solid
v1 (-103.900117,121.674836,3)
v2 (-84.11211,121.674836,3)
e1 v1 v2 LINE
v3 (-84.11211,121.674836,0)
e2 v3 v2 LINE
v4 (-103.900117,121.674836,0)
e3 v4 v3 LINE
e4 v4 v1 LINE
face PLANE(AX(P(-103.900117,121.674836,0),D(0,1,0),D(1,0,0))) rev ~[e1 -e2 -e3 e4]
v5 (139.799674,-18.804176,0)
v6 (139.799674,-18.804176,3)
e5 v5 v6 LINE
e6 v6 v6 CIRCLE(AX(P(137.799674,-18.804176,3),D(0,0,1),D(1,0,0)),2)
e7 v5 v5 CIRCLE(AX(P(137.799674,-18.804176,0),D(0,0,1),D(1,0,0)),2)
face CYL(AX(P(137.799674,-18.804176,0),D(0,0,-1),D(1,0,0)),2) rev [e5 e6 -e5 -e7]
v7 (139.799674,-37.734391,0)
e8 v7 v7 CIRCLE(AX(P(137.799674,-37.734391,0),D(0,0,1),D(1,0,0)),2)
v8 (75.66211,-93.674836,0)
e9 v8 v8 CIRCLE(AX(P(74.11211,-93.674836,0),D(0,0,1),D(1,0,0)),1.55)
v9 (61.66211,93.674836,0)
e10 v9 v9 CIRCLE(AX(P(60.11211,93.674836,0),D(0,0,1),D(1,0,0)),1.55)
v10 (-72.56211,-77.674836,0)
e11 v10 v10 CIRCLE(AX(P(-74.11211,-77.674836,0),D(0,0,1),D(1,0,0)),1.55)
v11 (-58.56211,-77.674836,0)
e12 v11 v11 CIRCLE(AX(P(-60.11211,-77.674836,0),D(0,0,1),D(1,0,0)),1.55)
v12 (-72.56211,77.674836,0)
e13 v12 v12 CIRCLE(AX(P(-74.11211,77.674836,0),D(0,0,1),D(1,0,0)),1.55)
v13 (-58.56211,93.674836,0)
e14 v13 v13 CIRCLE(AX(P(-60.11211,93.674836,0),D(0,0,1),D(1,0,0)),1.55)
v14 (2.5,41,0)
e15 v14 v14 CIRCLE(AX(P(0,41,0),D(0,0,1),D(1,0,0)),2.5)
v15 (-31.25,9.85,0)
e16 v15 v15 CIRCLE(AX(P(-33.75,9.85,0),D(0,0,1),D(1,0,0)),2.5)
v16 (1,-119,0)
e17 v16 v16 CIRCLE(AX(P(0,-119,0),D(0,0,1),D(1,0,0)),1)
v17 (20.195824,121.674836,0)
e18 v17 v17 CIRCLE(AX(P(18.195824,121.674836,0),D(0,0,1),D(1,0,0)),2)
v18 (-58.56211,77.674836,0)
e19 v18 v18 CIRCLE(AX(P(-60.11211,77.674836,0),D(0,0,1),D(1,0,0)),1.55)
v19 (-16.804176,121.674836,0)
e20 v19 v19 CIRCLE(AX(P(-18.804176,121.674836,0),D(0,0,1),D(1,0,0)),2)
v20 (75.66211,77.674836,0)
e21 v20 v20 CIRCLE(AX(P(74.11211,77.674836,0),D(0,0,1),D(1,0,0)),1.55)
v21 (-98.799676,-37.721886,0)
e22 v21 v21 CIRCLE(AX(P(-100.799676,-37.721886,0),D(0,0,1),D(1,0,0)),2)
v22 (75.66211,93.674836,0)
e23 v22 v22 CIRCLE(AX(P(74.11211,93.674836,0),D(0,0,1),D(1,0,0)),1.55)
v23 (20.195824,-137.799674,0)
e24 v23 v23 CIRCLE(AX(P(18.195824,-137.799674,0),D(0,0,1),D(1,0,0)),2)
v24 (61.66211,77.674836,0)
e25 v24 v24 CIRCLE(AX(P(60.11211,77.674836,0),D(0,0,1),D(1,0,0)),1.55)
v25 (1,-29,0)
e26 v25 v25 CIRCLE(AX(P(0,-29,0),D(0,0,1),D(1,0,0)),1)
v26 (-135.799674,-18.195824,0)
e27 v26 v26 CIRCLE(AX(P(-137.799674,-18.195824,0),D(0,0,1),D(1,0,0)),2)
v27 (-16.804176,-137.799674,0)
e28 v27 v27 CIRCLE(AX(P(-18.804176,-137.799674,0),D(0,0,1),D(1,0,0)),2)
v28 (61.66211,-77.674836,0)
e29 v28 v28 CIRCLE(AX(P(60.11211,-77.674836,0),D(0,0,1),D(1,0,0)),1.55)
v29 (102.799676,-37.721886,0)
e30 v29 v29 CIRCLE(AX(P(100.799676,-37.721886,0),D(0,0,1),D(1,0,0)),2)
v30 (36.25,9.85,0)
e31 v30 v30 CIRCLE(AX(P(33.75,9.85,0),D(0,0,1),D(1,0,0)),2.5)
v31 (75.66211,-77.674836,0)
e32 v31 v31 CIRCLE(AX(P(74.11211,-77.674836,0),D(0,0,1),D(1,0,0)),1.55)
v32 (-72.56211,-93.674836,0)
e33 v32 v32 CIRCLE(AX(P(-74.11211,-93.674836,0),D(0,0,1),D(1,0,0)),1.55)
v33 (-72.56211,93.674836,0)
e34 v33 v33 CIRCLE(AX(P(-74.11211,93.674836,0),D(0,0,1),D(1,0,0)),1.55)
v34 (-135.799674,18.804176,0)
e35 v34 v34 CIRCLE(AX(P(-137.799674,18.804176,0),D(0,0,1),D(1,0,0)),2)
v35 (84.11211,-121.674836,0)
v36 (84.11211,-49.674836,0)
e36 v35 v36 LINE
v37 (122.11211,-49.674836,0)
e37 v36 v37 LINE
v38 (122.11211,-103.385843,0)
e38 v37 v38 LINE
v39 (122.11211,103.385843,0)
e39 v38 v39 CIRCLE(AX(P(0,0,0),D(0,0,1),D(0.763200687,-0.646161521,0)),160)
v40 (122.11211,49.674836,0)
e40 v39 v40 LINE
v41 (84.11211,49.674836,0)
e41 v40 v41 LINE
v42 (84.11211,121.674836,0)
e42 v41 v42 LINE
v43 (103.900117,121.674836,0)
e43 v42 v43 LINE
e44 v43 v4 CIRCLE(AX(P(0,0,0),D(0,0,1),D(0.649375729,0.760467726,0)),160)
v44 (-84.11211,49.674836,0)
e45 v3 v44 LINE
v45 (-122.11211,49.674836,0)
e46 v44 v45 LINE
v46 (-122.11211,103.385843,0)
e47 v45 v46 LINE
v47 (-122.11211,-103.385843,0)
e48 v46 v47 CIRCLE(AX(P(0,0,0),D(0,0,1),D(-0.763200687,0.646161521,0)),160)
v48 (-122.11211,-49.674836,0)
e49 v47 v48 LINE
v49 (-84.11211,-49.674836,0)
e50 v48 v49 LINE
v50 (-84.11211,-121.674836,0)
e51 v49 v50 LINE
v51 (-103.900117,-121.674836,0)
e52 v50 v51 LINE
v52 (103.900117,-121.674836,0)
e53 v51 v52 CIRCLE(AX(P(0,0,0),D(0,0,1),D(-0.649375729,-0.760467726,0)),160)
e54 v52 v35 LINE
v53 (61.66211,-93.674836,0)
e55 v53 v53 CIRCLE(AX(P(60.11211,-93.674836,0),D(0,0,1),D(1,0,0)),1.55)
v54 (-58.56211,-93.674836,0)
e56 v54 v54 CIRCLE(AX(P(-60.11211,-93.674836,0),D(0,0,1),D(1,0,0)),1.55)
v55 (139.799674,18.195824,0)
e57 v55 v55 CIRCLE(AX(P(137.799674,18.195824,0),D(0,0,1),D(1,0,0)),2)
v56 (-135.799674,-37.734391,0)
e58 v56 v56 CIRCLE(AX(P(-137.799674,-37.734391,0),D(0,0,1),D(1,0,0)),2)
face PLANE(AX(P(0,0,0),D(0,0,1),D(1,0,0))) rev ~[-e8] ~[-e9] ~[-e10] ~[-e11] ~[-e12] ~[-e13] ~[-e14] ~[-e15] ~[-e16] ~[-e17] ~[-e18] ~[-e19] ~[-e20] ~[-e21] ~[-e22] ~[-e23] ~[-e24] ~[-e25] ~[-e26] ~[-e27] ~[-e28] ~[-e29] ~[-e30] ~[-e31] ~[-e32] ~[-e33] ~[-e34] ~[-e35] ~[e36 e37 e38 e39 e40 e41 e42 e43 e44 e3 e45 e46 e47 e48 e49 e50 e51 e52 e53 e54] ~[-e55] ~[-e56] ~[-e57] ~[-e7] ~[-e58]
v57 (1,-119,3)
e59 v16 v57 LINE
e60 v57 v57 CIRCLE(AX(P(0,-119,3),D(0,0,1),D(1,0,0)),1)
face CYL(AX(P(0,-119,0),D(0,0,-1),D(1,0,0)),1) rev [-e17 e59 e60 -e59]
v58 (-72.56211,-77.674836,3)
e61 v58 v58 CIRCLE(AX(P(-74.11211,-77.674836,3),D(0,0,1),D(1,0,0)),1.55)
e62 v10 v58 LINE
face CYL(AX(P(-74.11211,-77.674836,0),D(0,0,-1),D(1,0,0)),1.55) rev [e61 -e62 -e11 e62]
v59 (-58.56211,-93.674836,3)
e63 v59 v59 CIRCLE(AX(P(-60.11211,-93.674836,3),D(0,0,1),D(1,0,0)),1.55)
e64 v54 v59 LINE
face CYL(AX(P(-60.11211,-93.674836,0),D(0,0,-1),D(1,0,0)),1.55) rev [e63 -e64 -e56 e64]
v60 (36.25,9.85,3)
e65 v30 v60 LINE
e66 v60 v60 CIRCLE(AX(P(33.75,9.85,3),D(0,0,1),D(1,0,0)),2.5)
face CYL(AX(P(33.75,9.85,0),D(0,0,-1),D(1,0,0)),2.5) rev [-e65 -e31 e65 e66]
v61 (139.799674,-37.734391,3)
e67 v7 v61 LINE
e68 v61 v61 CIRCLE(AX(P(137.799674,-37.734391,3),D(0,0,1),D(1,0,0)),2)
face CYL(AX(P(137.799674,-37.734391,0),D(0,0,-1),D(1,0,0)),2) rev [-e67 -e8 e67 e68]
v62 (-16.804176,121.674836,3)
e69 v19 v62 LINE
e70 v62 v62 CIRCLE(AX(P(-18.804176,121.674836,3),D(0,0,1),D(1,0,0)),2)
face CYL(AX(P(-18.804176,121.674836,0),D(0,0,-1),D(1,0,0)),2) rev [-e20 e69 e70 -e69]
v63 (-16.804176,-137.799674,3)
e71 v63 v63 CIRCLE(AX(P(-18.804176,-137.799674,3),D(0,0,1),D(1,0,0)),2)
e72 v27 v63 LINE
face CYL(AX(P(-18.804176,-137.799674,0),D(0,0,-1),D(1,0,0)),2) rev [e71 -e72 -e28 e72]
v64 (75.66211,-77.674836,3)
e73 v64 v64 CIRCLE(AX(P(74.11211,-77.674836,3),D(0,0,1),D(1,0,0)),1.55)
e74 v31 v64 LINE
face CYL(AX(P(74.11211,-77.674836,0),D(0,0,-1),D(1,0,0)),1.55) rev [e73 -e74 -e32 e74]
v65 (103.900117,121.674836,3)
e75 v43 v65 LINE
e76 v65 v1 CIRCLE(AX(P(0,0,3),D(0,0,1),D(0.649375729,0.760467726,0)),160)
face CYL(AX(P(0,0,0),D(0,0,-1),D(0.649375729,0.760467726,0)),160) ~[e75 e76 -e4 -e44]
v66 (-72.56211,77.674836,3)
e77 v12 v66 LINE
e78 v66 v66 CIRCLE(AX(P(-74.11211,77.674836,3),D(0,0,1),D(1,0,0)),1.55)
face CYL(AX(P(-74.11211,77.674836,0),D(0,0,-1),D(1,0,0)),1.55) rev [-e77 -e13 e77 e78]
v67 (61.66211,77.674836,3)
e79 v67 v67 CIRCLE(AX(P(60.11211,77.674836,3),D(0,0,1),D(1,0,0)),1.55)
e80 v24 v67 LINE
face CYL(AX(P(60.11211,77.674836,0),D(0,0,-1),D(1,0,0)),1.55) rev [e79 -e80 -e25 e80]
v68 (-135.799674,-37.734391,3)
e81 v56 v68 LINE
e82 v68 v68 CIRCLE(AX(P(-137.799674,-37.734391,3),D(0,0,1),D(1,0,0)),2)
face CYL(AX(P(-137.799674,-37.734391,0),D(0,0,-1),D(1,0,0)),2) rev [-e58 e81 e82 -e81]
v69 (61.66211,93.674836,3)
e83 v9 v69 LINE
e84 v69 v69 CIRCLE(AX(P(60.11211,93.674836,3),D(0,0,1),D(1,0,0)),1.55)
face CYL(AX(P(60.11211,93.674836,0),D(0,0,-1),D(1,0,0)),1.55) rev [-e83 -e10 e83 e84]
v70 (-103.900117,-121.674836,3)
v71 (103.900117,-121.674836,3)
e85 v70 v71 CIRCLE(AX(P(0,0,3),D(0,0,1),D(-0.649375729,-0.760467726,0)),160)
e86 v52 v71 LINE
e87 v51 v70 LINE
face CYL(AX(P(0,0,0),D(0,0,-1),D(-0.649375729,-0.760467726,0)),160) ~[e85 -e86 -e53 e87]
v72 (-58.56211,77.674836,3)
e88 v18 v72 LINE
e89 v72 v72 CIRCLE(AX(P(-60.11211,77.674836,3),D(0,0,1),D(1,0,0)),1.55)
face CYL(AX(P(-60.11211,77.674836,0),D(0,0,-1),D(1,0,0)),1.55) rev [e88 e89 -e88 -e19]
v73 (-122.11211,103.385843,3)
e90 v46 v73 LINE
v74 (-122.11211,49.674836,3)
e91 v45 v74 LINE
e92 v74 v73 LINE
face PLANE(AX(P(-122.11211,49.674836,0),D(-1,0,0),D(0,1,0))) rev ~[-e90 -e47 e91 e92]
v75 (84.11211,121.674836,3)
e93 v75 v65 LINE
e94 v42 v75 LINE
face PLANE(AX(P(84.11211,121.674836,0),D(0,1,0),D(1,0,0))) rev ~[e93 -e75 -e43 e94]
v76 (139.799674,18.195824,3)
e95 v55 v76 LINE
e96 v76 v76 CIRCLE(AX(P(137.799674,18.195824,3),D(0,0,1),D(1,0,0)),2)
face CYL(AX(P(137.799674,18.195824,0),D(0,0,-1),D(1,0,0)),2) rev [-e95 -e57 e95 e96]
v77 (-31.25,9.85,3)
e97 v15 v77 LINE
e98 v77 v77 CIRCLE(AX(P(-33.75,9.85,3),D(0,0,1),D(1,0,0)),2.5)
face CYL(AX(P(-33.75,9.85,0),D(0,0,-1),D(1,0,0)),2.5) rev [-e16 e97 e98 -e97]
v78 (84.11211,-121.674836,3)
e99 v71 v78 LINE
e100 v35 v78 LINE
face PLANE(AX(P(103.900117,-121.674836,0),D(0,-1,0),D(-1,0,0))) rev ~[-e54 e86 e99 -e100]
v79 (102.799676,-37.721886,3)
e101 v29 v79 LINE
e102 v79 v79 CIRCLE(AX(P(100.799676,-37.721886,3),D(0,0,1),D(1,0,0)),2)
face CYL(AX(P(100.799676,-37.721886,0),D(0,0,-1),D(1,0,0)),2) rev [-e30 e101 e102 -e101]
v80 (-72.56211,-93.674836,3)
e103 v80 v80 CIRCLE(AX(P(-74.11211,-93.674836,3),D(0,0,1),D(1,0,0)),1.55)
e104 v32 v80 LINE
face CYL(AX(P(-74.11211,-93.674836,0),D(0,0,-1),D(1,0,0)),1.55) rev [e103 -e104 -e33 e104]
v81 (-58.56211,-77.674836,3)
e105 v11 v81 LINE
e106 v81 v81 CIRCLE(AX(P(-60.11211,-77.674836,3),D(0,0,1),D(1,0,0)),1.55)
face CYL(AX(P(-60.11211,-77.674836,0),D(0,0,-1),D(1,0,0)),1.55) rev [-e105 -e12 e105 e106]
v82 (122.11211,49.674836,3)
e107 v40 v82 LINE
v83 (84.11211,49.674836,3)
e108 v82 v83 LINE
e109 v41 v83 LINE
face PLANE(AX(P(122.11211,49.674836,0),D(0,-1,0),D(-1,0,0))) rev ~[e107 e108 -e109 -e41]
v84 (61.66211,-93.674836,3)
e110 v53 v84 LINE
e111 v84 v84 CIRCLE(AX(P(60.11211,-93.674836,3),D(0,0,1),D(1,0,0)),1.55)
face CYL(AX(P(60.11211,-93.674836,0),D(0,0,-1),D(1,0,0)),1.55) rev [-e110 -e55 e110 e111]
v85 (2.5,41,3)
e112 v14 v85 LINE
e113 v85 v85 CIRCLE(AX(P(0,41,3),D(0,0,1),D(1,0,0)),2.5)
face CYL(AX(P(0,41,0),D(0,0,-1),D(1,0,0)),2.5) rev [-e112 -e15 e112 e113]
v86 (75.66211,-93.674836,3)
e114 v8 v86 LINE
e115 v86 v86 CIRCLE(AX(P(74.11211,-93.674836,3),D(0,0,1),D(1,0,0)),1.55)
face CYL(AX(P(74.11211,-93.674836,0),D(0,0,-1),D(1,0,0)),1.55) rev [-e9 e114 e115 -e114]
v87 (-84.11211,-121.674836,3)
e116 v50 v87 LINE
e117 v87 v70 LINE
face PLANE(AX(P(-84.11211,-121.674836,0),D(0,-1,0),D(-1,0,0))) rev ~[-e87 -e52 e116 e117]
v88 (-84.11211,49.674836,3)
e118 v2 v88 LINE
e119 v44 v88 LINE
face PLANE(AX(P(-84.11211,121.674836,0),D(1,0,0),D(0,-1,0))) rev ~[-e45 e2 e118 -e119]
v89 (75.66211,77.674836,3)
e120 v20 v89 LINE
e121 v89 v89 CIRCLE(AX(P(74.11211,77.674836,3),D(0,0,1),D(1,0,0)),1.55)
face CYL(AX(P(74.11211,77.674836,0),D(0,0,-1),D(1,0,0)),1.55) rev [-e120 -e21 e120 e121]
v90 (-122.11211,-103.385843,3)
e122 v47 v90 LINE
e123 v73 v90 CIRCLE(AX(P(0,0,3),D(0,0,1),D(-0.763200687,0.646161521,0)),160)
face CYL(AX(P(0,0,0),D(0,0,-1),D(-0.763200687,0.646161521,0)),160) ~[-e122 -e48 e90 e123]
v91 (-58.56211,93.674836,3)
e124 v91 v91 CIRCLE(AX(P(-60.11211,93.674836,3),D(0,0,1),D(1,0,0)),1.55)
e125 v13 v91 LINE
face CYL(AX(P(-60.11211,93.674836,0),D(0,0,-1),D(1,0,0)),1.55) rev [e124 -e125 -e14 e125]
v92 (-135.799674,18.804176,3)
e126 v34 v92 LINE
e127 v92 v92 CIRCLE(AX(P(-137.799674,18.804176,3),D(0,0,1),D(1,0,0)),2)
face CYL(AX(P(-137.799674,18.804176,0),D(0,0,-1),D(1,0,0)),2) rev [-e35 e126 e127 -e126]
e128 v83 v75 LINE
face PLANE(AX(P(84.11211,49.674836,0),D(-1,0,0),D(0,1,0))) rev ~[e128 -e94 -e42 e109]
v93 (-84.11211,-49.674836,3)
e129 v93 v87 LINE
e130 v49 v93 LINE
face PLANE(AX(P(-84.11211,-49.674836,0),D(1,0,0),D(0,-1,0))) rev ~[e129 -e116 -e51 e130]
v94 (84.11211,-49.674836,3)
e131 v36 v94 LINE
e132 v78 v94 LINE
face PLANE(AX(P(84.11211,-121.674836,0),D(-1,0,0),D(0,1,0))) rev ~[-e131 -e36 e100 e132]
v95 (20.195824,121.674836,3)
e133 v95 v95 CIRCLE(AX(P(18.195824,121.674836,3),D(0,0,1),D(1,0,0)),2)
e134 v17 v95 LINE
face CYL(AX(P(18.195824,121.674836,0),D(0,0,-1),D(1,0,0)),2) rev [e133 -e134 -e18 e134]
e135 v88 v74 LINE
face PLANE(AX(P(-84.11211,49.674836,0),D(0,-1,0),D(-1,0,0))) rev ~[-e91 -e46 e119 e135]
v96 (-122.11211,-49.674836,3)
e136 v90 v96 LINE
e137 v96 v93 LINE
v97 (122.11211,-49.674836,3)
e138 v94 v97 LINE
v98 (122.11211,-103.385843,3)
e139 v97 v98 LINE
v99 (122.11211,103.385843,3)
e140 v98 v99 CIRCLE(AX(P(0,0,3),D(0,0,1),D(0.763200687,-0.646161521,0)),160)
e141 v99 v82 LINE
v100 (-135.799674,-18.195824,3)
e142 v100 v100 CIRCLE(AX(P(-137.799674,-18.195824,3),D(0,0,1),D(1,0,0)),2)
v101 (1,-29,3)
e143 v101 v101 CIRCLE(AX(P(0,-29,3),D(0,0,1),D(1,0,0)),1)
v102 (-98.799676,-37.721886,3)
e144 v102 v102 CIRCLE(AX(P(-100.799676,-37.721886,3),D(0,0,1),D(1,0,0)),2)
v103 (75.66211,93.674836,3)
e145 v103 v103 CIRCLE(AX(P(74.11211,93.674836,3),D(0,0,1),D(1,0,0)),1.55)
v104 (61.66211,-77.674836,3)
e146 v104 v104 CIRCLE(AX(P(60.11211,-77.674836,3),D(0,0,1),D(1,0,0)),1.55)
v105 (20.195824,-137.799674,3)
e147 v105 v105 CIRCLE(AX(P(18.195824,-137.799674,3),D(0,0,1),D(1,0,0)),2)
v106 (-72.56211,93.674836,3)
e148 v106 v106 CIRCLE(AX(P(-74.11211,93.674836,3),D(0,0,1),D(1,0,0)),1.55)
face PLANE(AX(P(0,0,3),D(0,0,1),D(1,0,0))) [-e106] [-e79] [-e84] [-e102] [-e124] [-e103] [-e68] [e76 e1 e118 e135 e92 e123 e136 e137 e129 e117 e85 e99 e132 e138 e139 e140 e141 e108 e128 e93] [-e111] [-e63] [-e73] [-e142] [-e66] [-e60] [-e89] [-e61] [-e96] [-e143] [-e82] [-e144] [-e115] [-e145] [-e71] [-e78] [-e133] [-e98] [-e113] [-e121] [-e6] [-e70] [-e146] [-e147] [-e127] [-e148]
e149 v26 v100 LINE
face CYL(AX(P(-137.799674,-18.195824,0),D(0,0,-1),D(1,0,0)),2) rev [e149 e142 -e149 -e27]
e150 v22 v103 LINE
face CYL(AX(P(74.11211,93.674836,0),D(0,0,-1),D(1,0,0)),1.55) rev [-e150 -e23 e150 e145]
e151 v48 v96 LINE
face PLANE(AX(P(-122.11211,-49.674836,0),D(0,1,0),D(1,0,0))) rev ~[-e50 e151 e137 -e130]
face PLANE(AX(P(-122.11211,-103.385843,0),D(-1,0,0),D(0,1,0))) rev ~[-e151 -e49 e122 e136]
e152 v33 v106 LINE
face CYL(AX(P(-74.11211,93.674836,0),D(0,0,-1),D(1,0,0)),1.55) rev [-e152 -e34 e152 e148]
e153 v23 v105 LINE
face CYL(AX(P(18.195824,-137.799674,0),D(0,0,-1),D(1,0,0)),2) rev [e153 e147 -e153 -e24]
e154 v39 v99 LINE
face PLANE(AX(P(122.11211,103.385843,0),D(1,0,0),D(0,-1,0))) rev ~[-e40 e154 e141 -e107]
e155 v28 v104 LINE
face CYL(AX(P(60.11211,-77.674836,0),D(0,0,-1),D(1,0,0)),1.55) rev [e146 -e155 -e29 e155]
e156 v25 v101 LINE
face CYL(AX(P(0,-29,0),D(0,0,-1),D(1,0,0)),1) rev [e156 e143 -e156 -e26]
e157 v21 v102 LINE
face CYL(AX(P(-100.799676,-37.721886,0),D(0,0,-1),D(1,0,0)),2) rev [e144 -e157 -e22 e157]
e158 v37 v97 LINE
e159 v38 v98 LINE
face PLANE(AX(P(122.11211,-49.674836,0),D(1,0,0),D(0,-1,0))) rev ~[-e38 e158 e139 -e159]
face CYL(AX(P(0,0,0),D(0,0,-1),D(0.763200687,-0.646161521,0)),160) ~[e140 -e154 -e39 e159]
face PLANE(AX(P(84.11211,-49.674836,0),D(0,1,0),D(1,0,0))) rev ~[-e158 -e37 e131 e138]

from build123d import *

# Parameters (mm, degrees)
SKETCH_1_R      = 2
SKETCH_1_R_2    = 1.55
SKETCH_1_R_3    = 1
SKETCH_1_R_4    = 2.5
EXTRUDE_1_DEPTH = 3


with BuildPart() as part:
    # 草图1 → 凸台-拉伸1 (new body)
    with BuildSketch(Plane.XY):
        with BuildLine():
            Line((-122.112109879, -103.385843426), (-122.112109879, -49.674836124))
            Line((-122.112109879, -49.674836124), (-84.112109879, -49.674836124))
            Line((-84.112109879, -49.674836124), (-84.112109879, -121.674836124))
            Line((-84.112109879, -121.674836124), (-103.900116719, -121.674836124))
            ThreePointArc((-103.900116719, -121.674836124), (0, -160), (103.900116719, -121.674836124))
            Line((103.900116719, -121.674836124), (84.112109879, -121.674836124))
            Line((84.112109879, -121.674836124), (84.112109879, -49.674836124))
            Line((84.112109879, -49.674836124), (122.112109879, -49.674836124))
            Line((122.112109879, -49.674836124), (122.112109879, -103.385843426))
            ThreePointArc((122.112109879, -103.385843426), (160, 0), (122.112109879, 103.385843426))
            Line((122.112109879, 103.385843426), (122.112109879, 49.674836124))
            Line((122.112109879, 49.674836124), (84.112109879, 49.674836124))
            Line((84.112109879, 49.674836124), (84.112109879, 121.674836124))
            Line((84.112109879, 121.674836124), (103.900116719, 121.674836124))
            ThreePointArc((103.900116719, 121.674836124), (0, 160), (-103.900116719, 121.674836124))
            Line((-103.900116719, 121.674836124), (-84.112109879, 121.674836124))
            Line((-84.112109879, 121.674836124), (-84.112109879, 49.674836124))
            Line((-84.112109879, 49.674836124), (-122.112109879, 49.674836124))
            Line((-122.112109879, 49.674836124), (-122.112109879, 103.385843426))
            ThreePointArc((-122.112109879, 103.385843426), (-160, 0), (-122.112109879, -103.385843426))
        make_face()
        with Locations((137.799674336, 18.195823561)):
            Circle(SKETCH_1_R, mode=Mode.SUBTRACT)
        with Locations((137.799674336, -18.804176439)):
            Circle(SKETCH_1_R, mode=Mode.SUBTRACT)
        with Locations((18.195823561, -137.799674336)):
            Circle(SKETCH_1_R, mode=Mode.SUBTRACT)
        with Locations((-18.804176439, -137.799674336)):
            Circle(SKETCH_1_R, mode=Mode.SUBTRACT)
        with Locations((-137.799674336, -18.195823561)):
            Circle(SKETCH_1_R, mode=Mode.SUBTRACT)
        with Locations((-137.799674336, 18.804176439)):
            Circle(SKETCH_1_R, mode=Mode.SUBTRACT)
        with Locations((-60.112109879, 93.674836124)):
            Circle(SKETCH_1_R_2, mode=Mode.SUBTRACT)
        with Locations((-60.112109879, 77.674836124)):
            Circle(SKETCH_1_R_2, mode=Mode.SUBTRACT)
        with Locations((-74.112109879, 93.674836124)):
            Circle(SKETCH_1_R_2, mode=Mode.SUBTRACT)
        with Locations((-74.112109879, 77.674836124)):
            Circle(SKETCH_1_R_2, mode=Mode.SUBTRACT)
        with Locations((0, -119)):
            Circle(SKETCH_1_R_3, mode=Mode.SUBTRACT)
        with Locations((0, -29)):
            Circle(SKETCH_1_R_3, mode=Mode.SUBTRACT)
        with Locations((-33.75, 9.85)):
            Circle(SKETCH_1_R_4, mode=Mode.SUBTRACT)
        with Locations((33.75, 9.85)):
            Circle(SKETCH_1_R_4, mode=Mode.SUBTRACT)
        with Locations((0, 41)):
            Circle(SKETCH_1_R_4, mode=Mode.SUBTRACT)
        with Locations((100.799676449, -37.721885932)):
            Circle(SKETCH_1_R, mode=Mode.SUBTRACT)
        with Locations((137.799674336, -37.734390952)):
            Circle(SKETCH_1_R, mode=Mode.SUBTRACT)
        with Locations((-137.799674336, -37.734390952)):
            Circle(SKETCH_1_R, mode=Mode.SUBTRACT)
        with Locations((-100.799676449, -37.721885932)):
            Circle(SKETCH_1_R, mode=Mode.SUBTRACT)
        with Locations((-18.804176439, 121.674836124)):
            Circle(SKETCH_1_R, mode=Mode.SUBTRACT)
        with Locations((18.195823561, 121.674836124)):
            Circle(SKETCH_1_R, mode=Mode.SUBTRACT)
        with Locations((74.112109879, 77.674836124)):
            Circle(SKETCH_1_R_2, mode=Mode.SUBTRACT)
        with Locations((74.112109879, 93.674836124)):
            Circle(SKETCH_1_R_2, mode=Mode.SUBTRACT)
        with Locations((60.112109879, 77.674836124)):
            Circle(SKETCH_1_R_2, mode=Mode.SUBTRACT)
        with Locations((60.112109879, 93.674836124)):
            Circle(SKETCH_1_R_2, mode=Mode.SUBTRACT)
        with Locations((60.112109879, -93.674836124)):
            Circle(SKETCH_1_R_2, mode=Mode.SUBTRACT)
        with Locations((60.112109879, -77.674836124)):
            Circle(SKETCH_1_R_2, mode=Mode.SUBTRACT)
        with Locations((74.112109879, -93.674836124)):
            Circle(SKETCH_1_R_2, mode=Mode.SUBTRACT)
        with Locations((74.112109879, -77.674836124)):
            Circle(SKETCH_1_R_2, mode=Mode.SUBTRACT)
        with Locations((-74.112109879, -77.674836124)):
            Circle(SKETCH_1_R_2, mode=Mode.SUBTRACT)
        with Locations((-74.112109879, -93.674836124)):
            Circle(SKETCH_1_R_2, mode=Mode.SUBTRACT)
        with Locations((-60.112109879, -77.674836124)):
            Circle(SKETCH_1_R_2, mode=Mode.SUBTRACT)
        with Locations((-60.112109879, -93.674836124)):
            Circle(SKETCH_1_R_2, mode=Mode.SUBTRACT)
    extrude(amount=EXTRUDE_1_DEPTH)


solid = part.part
